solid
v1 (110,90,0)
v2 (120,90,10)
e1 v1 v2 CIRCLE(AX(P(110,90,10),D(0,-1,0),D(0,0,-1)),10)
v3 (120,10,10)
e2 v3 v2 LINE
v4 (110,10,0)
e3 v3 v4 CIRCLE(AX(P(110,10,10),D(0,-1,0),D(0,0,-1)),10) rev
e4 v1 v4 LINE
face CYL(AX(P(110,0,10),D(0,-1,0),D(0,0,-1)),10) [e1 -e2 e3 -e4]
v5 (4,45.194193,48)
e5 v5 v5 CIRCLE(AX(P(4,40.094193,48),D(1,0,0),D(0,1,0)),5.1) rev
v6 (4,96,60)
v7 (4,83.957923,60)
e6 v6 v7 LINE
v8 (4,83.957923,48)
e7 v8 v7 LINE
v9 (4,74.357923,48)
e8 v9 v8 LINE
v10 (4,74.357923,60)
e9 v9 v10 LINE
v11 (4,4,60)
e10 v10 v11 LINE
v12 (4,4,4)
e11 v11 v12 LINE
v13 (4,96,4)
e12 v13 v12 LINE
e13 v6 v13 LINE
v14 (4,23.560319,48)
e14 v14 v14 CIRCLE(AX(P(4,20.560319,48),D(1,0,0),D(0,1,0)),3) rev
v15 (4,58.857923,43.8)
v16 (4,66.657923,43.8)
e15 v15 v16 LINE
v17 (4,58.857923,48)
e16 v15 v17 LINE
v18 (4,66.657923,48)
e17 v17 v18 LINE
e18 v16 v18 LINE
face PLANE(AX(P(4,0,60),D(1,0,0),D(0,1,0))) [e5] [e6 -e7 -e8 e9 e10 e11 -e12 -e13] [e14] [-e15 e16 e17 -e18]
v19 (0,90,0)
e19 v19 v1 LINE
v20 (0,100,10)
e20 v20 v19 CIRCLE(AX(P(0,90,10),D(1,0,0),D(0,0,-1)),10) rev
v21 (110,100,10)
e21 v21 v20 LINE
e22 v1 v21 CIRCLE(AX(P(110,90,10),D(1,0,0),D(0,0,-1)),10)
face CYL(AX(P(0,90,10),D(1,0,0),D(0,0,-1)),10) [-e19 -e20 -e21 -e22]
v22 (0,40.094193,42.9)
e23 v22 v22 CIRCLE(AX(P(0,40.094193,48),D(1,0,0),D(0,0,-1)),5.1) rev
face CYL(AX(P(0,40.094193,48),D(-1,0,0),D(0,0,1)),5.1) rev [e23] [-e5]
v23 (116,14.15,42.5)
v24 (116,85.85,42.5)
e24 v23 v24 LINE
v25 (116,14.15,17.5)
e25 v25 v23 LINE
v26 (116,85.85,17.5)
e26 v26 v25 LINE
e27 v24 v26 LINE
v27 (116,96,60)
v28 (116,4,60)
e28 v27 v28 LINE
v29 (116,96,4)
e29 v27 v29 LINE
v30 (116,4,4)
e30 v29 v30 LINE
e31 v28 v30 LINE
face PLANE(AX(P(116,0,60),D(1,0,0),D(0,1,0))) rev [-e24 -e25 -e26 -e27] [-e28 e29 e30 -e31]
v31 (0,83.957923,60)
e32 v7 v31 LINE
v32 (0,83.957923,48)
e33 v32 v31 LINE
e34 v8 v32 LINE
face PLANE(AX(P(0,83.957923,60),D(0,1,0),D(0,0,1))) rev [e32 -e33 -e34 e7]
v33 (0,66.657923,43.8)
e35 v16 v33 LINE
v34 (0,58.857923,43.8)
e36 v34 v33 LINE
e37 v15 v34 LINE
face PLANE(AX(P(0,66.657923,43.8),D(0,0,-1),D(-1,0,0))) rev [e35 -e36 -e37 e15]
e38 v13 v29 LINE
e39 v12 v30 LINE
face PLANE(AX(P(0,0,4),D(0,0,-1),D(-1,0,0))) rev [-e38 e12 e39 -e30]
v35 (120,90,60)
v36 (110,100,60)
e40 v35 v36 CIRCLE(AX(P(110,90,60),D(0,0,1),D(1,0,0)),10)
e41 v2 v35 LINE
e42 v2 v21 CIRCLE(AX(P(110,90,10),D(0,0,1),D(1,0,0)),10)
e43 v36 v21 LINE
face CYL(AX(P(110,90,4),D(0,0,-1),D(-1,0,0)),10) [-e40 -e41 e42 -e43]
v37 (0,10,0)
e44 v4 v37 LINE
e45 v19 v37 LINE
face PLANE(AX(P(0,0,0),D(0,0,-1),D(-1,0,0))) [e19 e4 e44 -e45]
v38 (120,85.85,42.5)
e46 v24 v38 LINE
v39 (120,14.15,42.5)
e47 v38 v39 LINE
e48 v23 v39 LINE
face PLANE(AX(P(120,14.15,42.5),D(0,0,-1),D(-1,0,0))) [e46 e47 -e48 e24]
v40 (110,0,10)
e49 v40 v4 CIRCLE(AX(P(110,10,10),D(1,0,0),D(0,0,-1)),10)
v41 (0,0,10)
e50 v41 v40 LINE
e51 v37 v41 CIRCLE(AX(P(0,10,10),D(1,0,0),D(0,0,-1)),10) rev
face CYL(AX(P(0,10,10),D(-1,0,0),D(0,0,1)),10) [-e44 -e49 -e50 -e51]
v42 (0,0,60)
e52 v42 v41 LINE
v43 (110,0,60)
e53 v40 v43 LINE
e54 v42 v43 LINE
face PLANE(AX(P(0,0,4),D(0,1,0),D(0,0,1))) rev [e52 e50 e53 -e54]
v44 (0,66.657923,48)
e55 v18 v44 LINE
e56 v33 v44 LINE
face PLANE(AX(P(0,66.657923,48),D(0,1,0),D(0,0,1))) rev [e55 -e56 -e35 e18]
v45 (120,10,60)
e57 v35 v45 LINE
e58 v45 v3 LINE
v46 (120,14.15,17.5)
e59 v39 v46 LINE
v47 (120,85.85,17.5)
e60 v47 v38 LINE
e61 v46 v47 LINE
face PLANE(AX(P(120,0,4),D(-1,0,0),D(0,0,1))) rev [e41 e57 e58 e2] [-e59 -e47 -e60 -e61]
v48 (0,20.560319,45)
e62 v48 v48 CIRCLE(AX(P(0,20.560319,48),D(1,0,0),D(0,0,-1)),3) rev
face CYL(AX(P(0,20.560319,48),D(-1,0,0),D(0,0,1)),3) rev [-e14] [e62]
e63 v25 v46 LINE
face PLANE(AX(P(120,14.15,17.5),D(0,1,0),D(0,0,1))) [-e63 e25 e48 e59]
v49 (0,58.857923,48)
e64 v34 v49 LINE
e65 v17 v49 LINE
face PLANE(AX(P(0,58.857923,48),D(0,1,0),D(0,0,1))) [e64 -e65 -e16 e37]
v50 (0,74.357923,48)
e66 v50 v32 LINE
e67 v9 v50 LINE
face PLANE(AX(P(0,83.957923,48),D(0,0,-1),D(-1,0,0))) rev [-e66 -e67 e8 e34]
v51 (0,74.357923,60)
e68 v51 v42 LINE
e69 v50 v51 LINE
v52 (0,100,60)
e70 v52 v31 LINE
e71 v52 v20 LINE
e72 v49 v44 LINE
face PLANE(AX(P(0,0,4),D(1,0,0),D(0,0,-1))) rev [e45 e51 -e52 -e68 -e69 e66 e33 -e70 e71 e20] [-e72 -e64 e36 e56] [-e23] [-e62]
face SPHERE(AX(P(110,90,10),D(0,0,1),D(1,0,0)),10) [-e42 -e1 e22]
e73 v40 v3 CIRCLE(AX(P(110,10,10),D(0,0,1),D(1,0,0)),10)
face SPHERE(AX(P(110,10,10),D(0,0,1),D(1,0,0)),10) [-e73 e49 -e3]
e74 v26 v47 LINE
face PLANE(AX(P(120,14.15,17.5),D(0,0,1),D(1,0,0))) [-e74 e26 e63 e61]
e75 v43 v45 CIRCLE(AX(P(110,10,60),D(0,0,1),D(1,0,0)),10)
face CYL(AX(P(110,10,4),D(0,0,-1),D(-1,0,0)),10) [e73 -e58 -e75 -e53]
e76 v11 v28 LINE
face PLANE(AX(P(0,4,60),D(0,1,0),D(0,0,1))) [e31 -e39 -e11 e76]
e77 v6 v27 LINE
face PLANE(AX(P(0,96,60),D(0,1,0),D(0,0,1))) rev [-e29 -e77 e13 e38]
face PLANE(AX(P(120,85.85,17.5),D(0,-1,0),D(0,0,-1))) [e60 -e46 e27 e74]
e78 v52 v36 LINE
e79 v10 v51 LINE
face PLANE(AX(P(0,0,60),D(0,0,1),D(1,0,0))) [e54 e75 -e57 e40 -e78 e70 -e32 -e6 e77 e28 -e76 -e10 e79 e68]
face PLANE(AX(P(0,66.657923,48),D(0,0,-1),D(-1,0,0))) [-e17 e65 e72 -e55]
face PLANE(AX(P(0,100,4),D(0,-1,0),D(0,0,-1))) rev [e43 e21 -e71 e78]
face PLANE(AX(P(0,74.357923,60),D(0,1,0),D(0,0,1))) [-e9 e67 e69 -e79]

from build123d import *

# Parameters (mm, degrees)
ESBO_O1_W                  = 120
ESBO_O1_H                  = 100
RESSALTO_EXTRUS_O1_DEPTH   = 4
ESBO_O2_W                  = 4
ESBO_O2_H                  = 4
ESBO_O2_W_2                = 112
ESBO_O2_H_2                = 92
RESSALTO_EXTRUS_O2_DEPTH   = 60
CORTE_EXTRUS_O1_DEPTH      = 26
CORTE_EXTRUS_O1_DEPTH_BACK = 23
FILETE1_R                  = 10
FILETE2_R                  = 10
FILETE3_R                  = 10
CORTE_EXTRUS_O2_DEPTH      = 37
CORTE_EXTRUS_O2_DEPTH_BACK = 36
F_3DSKETCH3_R              = 5.1
F_3DSKETCH3_R_2            = 3
CORTE_EXTRUS_O3_DEPTH      = 28
CORTE_EXTRUS_O3_DEPTH_BACK = 18


with BuildPart() as part:
    # Esboço1 → Ressalto-extrusão1 (new body)
    with BuildSketch(Plane.XY):
        with Locations((60, 50)):
            Rectangle(ESBO_O1_W, ESBO_O1_H)
    extrude(amount=RESSALTO_EXTRUS_O1_DEPTH)

    # Esboço2 → Ressalto-extrusão2 (add)
    with BuildSketch(Plane.XY):
        with Locations((2, 98)):
            Rectangle(ESBO_O2_W, ESBO_O2_H)
        with Locations((118, 98)):
            Rectangle(ESBO_O2_W, ESBO_O2_H)
        with Locations((60, 98)):
            Rectangle(ESBO_O2_W_2, ESBO_O2_H)
        with Locations((118, 50)):
            Rectangle(ESBO_O2_W, ESBO_O2_H_2)
        with Locations((118, 2)):
            Rectangle(ESBO_O2_W, ESBO_O2_H)
        with Locations((60, 2)):
            Rectangle(ESBO_O2_W_2, ESBO_O2_H)
        with Locations((2, 2)):
            Rectangle(ESBO_O2_W, ESBO_O2_H)
        with Locations((2, 50)):
            Rectangle(ESBO_O2_W, ESBO_O2_H_2)
    extrude(amount=RESSALTO_EXTRUS_O2_DEPTH)

    # 3DSketch1 → Corte-extrusão1 (cut, two sides)
    with BuildSketch(Plane(origin=(120, 14.15, 17.5), x_dir=(0, 0.9442477948596217, 0.32923563279624185), z_dir=(1, 0, 0))) as corte_extrus_o1_sk:
        Polygon((0, 0), (8.23089082, 23.606194871), (75.933457711, 0), (67.702566891, -23.606194871), align=None)
    extrude(amount=CORTE_EXTRUS_O1_DEPTH, mode=Mode.SUBTRACT)
    extrude(corte_extrus_o1_sk.sketch, amount=-CORTE_EXTRUS_O1_DEPTH_BACK, mode=Mode.SUBTRACT)

    # Filete1
    filete1_edges = [part.edges().sort_by_distance(p)[0] for p in [
        (120, 50, 0),
    ]]
    fillet(filete1_edges, radius=FILETE1_R)

    # Filete2
    filete2_edges = [part.edges().sort_by_distance(p)[0] for p in [
        (55, 0, 0),
        (120, 0, 35),
        (117.071067812, 0, 2.928932188),
    ]]
    fillet(filete2_edges, radius=FILETE2_R)

    # Filete3
    filete3_edges = [part.edges().sort_by_distance(p)[0] for p in [
        (120, 100, 35),
        (55, 100, 0),
        (117.071067812, 100, 2.928932188),
    ]]
    fillet(filete3_edges, radius=FILETE3_R)

    # 3DSketch2 → Corte-extrusão2 (cut, two sides)
    with BuildSketch(Plane(origin=(0, 83.957923226, 60), x_dir=(0, -0.8401982536854657, -0.5422793509842448), z_dir=(1, 0, 0))) as corte_extrus_o2_sk:
        Polygon((0, 0), (6.507352212, 10.082379044), (14.573255447, 4.876497275), (8.065903235, -5.205881769), align=None)
        Polygon((21.042782001, 0.700946272), (23.320355275, 4.229778938), (29.873901653, 0), (27.596328379, -3.528832665), align=None)
    extrude(amount=CORTE_EXTRUS_O2_DEPTH, mode=Mode.SUBTRACT)
    extrude(corte_extrus_o2_sk.sketch, amount=-CORTE_EXTRUS_O2_DEPTH_BACK, mode=Mode.SUBTRACT)

    # 3DSketch3 → Corte-extrusão3 (cut, two sides)
    with BuildSketch(Plane(origin=(0, 40.094193259, 48), x_dir=(0, -1, 0), z_dir=(-1, 0, 0))) as corte_extrus_o3_sk:
        with Locations(Location((0, 0, 0), (0, 0, 180))):
            Circle(F_3DSKETCH3_R)
        with Locations(Location((19.533873925, 0, 0), (0, 0, 180))):
            Circle(F_3DSKETCH3_R_2)
    extrude(amount=CORTE_EXTRUS_O3_DEPTH, mode=Mode.SUBTRACT)
    extrude(corte_extrus_o3_sk.sketch, amount=-CORTE_EXTRUS_O3_DEPTH_BACK, mode=Mode.SUBTRACT)


solid = part.part
